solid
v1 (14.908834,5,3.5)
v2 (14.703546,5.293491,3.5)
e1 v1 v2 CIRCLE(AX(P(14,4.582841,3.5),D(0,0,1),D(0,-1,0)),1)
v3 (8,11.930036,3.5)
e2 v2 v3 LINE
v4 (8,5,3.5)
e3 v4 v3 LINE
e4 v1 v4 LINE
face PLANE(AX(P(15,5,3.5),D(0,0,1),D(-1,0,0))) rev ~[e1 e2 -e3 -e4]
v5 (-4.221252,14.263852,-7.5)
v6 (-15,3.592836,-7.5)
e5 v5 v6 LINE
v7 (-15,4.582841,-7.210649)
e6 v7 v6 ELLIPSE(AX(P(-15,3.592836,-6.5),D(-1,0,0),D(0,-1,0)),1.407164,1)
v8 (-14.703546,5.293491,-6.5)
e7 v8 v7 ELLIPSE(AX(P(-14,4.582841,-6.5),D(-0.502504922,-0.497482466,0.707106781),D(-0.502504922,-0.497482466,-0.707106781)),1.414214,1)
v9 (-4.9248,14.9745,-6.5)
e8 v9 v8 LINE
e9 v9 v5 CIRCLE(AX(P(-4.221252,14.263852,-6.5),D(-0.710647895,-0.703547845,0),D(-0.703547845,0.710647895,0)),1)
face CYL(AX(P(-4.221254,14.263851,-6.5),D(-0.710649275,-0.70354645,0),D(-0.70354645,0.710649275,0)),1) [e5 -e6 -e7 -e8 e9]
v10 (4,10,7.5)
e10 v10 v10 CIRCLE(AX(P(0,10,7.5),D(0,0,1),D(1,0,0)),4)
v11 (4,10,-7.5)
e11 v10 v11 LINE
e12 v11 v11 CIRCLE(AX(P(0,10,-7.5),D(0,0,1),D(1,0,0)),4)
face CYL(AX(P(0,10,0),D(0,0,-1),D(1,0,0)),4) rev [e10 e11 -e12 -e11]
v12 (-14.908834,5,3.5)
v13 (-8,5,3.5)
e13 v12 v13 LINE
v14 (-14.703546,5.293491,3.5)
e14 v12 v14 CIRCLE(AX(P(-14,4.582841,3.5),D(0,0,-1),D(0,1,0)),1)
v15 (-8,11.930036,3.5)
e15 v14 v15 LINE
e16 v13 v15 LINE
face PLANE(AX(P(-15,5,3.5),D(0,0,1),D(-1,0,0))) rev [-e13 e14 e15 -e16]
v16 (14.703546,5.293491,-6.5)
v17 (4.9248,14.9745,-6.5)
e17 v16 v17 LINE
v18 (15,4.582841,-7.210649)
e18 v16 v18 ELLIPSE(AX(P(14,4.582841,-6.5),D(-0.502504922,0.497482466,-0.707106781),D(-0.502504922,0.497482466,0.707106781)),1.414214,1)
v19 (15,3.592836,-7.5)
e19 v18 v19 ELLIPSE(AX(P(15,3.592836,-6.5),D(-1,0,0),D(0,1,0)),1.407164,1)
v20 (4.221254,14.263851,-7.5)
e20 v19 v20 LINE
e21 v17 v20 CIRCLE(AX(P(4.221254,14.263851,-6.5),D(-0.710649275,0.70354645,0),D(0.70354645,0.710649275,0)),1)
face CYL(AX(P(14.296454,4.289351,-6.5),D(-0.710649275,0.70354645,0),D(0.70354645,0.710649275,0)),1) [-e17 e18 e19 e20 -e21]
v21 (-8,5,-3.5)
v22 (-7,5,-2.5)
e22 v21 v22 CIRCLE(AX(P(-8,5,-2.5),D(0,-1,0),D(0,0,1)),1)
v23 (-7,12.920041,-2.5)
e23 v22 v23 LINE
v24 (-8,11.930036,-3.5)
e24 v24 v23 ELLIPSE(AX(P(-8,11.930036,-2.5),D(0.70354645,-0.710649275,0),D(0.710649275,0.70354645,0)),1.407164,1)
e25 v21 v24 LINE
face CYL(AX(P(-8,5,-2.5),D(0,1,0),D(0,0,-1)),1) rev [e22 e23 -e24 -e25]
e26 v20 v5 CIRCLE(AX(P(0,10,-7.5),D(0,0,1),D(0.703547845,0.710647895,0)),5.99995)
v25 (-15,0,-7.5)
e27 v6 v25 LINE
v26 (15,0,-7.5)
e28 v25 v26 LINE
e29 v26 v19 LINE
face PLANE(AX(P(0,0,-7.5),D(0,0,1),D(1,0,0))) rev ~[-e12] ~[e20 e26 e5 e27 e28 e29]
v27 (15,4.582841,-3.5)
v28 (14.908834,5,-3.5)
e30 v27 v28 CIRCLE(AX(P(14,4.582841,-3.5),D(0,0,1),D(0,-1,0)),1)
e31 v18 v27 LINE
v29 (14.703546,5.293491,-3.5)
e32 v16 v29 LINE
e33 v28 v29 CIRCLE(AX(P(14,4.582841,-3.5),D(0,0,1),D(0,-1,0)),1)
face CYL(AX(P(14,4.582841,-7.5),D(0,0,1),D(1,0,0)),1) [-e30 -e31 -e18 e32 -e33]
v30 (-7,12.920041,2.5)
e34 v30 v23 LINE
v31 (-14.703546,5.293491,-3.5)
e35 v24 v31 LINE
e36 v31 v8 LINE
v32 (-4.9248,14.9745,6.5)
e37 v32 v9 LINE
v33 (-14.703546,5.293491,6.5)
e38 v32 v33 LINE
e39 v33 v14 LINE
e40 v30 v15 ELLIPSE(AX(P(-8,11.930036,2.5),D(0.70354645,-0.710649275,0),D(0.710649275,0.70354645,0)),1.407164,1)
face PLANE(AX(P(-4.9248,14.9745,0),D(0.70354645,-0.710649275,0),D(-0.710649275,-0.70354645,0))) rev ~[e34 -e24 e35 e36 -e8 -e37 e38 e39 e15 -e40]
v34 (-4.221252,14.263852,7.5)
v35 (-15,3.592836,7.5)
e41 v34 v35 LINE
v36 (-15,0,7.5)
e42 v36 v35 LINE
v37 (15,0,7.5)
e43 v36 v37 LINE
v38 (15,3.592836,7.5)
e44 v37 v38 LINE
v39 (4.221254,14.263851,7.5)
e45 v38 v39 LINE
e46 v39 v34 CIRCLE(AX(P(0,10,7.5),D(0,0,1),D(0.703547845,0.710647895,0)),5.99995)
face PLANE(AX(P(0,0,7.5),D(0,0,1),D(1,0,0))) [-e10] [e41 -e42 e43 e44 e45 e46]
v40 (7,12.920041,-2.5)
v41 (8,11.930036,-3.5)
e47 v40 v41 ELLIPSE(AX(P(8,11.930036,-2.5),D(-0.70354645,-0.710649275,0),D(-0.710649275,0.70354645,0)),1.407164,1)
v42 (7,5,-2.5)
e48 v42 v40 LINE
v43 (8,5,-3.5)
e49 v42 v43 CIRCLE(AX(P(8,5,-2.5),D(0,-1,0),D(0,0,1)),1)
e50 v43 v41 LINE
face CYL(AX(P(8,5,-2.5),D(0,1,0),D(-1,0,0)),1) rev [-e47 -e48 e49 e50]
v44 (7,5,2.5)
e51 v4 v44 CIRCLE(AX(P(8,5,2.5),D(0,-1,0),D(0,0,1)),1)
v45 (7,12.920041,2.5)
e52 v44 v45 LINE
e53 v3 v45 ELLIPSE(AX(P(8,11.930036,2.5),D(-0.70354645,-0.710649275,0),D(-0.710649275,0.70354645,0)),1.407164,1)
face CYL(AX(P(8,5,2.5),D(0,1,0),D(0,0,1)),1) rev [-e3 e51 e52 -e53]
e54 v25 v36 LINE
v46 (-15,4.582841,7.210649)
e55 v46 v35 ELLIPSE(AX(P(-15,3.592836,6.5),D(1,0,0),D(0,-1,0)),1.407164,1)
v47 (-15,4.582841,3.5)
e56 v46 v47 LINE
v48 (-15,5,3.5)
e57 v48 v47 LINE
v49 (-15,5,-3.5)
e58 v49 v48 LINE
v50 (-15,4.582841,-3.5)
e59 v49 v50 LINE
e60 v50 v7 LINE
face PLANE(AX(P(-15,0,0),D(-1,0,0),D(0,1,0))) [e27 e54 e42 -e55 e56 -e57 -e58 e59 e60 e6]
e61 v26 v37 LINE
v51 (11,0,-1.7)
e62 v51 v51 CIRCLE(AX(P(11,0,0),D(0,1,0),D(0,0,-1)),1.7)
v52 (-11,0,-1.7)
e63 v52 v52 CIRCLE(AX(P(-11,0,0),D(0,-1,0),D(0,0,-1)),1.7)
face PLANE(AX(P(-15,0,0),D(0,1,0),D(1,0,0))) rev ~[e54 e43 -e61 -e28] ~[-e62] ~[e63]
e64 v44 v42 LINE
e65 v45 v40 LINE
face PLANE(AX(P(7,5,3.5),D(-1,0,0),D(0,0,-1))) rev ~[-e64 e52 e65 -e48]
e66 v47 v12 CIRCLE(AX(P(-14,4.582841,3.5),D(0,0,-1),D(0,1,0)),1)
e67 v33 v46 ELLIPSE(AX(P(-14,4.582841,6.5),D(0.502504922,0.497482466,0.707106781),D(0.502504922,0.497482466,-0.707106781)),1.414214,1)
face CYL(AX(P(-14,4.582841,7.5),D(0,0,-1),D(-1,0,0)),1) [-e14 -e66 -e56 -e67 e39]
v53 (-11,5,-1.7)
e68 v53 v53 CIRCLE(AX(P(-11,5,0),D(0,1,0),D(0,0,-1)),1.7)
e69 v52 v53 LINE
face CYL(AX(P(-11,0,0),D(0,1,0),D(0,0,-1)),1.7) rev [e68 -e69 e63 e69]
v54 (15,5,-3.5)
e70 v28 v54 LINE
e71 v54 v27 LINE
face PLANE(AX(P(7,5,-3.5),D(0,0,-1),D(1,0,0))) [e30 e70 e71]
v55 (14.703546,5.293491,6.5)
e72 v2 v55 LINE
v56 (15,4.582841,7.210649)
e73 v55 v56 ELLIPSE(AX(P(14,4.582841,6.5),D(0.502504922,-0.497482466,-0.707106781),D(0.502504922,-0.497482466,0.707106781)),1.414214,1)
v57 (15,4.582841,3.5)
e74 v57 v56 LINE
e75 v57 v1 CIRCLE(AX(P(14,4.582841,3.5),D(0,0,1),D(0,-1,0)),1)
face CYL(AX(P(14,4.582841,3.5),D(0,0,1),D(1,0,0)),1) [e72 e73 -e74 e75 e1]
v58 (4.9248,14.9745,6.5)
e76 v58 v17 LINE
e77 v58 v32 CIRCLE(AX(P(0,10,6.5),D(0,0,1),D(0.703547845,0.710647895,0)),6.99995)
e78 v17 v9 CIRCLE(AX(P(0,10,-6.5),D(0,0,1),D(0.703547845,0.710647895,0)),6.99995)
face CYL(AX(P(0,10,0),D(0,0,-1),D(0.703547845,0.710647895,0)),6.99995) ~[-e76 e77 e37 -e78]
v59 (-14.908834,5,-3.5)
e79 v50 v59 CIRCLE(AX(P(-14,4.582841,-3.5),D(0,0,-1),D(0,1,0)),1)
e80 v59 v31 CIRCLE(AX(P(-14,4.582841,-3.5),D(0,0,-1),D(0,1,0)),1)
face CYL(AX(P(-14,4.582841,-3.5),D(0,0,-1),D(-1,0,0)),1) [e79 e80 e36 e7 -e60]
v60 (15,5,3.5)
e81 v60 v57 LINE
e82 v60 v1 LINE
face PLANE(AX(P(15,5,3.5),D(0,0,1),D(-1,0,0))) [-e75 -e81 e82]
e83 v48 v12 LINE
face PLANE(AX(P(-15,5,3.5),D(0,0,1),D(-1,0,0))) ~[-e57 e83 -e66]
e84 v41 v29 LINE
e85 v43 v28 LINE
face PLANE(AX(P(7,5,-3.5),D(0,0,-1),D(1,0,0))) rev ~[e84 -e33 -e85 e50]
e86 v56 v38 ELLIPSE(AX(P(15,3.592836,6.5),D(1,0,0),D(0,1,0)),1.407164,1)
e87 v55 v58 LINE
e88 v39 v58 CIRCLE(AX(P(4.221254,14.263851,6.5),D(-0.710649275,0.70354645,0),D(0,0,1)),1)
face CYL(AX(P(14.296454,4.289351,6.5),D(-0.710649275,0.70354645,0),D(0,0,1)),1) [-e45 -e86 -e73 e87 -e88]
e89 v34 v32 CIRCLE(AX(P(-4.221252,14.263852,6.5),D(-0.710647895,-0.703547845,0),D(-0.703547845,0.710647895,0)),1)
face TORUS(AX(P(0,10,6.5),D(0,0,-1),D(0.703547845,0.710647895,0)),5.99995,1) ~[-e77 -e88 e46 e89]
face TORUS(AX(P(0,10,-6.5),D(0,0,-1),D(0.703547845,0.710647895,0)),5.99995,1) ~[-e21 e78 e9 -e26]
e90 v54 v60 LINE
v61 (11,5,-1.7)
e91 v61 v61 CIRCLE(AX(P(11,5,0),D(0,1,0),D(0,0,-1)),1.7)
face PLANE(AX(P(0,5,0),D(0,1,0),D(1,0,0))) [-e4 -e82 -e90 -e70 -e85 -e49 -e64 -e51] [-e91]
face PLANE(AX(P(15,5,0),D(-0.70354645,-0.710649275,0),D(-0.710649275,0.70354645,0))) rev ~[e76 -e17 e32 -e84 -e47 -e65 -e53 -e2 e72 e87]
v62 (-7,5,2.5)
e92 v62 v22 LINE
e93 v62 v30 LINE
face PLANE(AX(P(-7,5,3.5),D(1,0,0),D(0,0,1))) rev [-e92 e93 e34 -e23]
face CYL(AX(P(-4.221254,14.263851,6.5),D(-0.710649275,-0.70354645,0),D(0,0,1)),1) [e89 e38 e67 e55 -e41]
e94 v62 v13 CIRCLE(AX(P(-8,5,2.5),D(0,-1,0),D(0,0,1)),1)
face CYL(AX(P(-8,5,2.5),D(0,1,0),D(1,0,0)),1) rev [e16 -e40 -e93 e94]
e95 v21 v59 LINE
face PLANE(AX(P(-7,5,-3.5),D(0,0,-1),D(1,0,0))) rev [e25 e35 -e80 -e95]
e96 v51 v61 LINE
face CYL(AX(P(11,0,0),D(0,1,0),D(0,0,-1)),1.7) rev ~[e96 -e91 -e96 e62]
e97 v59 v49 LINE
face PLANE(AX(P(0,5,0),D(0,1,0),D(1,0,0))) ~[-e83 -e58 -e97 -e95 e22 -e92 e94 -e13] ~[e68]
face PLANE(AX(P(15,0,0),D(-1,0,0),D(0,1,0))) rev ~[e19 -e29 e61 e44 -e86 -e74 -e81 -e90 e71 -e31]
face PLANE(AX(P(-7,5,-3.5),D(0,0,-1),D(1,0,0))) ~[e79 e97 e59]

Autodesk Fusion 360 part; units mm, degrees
sketch "Sketch1" plane through (0, 0, 0) normal (0, 0, 1) x (1, 0, 0)
  line L0 (-15, 0) -> (15, 0)
  line L1 (15, 5) -> (4.9248, 14.9745)
  line L2 (-4.9248, 14.9745) -> (-15, 5)
  circle A0 centre (0, 10) radius 4
  line L3 (0, 2.5) -> (0, 20) construction
  arc A1 (4.9248, 14.9745) -> (-4.9248, 14.9745) centre (0, 10) ccw
  line L4 (15, 0) -> (15, 5)
  line L5 (-15, 0) -> (-15, 1)
  line L6 (-15, 1) -> (-15, 5)
  dimension "d1" = 8
  dimension "d2" = 7
  dimension "d3" = 10
  dimension "d4" = 30
  dimension "d5" = 5
extrude "Extrude1" add sketch "Sketch1" along normal mid plane 15
sketch "Sketch2" plane through (0, 0, 0) normal (0, 1, 0) x (1, 0, 0)
  line L0 (7, 3.5) -> (15, 3.5)
  line L1 (15, 3.5) -> (15, -3.5)
  line L2 (15, -3.5) -> (7, -3.5)
  line L3 (7, -3.5) -> (7, 3.5)
  line L4 (1.75, 0) -> (22.5, 0) construction
  line L5 (15, 7.5) -> (15, -7.5)
  point P0 (11, 0)
  dimension "d8" = 7
  dimension "d9" = 7
  dimension "d12" = 4
extrude "Extrude2" cut sketch "Sketch2" along normal through all from surface at 5
hole "Hole1" at (11, 0, 0) direction (0, 1, 0) diameter 3.4 end through all
mirror "Mirror1" about plane through (0, 0, 0) normal (1, 0, 0) of "Hole1", "Extrude2"
fillet "Fillet1" radius 1 14 edges at (7, 8.96, -3.5) (7, 8.96, 3.5) (-7, 8.96, -3.5) (-7, 8.96, 3.5) (9.9624, 9.9873, 7.5) (0, 17, 7.5) (-9.9624, 9.9873, 7.5) (-9.9624, 9.9873, -7.5) (0, 17, -7.5) (9.9624, 9.9873, -7.5) (15, 5, 5.5) (15, 5, -5.5) (-15, 5, -5.5) (-15, 5, 5.5)
